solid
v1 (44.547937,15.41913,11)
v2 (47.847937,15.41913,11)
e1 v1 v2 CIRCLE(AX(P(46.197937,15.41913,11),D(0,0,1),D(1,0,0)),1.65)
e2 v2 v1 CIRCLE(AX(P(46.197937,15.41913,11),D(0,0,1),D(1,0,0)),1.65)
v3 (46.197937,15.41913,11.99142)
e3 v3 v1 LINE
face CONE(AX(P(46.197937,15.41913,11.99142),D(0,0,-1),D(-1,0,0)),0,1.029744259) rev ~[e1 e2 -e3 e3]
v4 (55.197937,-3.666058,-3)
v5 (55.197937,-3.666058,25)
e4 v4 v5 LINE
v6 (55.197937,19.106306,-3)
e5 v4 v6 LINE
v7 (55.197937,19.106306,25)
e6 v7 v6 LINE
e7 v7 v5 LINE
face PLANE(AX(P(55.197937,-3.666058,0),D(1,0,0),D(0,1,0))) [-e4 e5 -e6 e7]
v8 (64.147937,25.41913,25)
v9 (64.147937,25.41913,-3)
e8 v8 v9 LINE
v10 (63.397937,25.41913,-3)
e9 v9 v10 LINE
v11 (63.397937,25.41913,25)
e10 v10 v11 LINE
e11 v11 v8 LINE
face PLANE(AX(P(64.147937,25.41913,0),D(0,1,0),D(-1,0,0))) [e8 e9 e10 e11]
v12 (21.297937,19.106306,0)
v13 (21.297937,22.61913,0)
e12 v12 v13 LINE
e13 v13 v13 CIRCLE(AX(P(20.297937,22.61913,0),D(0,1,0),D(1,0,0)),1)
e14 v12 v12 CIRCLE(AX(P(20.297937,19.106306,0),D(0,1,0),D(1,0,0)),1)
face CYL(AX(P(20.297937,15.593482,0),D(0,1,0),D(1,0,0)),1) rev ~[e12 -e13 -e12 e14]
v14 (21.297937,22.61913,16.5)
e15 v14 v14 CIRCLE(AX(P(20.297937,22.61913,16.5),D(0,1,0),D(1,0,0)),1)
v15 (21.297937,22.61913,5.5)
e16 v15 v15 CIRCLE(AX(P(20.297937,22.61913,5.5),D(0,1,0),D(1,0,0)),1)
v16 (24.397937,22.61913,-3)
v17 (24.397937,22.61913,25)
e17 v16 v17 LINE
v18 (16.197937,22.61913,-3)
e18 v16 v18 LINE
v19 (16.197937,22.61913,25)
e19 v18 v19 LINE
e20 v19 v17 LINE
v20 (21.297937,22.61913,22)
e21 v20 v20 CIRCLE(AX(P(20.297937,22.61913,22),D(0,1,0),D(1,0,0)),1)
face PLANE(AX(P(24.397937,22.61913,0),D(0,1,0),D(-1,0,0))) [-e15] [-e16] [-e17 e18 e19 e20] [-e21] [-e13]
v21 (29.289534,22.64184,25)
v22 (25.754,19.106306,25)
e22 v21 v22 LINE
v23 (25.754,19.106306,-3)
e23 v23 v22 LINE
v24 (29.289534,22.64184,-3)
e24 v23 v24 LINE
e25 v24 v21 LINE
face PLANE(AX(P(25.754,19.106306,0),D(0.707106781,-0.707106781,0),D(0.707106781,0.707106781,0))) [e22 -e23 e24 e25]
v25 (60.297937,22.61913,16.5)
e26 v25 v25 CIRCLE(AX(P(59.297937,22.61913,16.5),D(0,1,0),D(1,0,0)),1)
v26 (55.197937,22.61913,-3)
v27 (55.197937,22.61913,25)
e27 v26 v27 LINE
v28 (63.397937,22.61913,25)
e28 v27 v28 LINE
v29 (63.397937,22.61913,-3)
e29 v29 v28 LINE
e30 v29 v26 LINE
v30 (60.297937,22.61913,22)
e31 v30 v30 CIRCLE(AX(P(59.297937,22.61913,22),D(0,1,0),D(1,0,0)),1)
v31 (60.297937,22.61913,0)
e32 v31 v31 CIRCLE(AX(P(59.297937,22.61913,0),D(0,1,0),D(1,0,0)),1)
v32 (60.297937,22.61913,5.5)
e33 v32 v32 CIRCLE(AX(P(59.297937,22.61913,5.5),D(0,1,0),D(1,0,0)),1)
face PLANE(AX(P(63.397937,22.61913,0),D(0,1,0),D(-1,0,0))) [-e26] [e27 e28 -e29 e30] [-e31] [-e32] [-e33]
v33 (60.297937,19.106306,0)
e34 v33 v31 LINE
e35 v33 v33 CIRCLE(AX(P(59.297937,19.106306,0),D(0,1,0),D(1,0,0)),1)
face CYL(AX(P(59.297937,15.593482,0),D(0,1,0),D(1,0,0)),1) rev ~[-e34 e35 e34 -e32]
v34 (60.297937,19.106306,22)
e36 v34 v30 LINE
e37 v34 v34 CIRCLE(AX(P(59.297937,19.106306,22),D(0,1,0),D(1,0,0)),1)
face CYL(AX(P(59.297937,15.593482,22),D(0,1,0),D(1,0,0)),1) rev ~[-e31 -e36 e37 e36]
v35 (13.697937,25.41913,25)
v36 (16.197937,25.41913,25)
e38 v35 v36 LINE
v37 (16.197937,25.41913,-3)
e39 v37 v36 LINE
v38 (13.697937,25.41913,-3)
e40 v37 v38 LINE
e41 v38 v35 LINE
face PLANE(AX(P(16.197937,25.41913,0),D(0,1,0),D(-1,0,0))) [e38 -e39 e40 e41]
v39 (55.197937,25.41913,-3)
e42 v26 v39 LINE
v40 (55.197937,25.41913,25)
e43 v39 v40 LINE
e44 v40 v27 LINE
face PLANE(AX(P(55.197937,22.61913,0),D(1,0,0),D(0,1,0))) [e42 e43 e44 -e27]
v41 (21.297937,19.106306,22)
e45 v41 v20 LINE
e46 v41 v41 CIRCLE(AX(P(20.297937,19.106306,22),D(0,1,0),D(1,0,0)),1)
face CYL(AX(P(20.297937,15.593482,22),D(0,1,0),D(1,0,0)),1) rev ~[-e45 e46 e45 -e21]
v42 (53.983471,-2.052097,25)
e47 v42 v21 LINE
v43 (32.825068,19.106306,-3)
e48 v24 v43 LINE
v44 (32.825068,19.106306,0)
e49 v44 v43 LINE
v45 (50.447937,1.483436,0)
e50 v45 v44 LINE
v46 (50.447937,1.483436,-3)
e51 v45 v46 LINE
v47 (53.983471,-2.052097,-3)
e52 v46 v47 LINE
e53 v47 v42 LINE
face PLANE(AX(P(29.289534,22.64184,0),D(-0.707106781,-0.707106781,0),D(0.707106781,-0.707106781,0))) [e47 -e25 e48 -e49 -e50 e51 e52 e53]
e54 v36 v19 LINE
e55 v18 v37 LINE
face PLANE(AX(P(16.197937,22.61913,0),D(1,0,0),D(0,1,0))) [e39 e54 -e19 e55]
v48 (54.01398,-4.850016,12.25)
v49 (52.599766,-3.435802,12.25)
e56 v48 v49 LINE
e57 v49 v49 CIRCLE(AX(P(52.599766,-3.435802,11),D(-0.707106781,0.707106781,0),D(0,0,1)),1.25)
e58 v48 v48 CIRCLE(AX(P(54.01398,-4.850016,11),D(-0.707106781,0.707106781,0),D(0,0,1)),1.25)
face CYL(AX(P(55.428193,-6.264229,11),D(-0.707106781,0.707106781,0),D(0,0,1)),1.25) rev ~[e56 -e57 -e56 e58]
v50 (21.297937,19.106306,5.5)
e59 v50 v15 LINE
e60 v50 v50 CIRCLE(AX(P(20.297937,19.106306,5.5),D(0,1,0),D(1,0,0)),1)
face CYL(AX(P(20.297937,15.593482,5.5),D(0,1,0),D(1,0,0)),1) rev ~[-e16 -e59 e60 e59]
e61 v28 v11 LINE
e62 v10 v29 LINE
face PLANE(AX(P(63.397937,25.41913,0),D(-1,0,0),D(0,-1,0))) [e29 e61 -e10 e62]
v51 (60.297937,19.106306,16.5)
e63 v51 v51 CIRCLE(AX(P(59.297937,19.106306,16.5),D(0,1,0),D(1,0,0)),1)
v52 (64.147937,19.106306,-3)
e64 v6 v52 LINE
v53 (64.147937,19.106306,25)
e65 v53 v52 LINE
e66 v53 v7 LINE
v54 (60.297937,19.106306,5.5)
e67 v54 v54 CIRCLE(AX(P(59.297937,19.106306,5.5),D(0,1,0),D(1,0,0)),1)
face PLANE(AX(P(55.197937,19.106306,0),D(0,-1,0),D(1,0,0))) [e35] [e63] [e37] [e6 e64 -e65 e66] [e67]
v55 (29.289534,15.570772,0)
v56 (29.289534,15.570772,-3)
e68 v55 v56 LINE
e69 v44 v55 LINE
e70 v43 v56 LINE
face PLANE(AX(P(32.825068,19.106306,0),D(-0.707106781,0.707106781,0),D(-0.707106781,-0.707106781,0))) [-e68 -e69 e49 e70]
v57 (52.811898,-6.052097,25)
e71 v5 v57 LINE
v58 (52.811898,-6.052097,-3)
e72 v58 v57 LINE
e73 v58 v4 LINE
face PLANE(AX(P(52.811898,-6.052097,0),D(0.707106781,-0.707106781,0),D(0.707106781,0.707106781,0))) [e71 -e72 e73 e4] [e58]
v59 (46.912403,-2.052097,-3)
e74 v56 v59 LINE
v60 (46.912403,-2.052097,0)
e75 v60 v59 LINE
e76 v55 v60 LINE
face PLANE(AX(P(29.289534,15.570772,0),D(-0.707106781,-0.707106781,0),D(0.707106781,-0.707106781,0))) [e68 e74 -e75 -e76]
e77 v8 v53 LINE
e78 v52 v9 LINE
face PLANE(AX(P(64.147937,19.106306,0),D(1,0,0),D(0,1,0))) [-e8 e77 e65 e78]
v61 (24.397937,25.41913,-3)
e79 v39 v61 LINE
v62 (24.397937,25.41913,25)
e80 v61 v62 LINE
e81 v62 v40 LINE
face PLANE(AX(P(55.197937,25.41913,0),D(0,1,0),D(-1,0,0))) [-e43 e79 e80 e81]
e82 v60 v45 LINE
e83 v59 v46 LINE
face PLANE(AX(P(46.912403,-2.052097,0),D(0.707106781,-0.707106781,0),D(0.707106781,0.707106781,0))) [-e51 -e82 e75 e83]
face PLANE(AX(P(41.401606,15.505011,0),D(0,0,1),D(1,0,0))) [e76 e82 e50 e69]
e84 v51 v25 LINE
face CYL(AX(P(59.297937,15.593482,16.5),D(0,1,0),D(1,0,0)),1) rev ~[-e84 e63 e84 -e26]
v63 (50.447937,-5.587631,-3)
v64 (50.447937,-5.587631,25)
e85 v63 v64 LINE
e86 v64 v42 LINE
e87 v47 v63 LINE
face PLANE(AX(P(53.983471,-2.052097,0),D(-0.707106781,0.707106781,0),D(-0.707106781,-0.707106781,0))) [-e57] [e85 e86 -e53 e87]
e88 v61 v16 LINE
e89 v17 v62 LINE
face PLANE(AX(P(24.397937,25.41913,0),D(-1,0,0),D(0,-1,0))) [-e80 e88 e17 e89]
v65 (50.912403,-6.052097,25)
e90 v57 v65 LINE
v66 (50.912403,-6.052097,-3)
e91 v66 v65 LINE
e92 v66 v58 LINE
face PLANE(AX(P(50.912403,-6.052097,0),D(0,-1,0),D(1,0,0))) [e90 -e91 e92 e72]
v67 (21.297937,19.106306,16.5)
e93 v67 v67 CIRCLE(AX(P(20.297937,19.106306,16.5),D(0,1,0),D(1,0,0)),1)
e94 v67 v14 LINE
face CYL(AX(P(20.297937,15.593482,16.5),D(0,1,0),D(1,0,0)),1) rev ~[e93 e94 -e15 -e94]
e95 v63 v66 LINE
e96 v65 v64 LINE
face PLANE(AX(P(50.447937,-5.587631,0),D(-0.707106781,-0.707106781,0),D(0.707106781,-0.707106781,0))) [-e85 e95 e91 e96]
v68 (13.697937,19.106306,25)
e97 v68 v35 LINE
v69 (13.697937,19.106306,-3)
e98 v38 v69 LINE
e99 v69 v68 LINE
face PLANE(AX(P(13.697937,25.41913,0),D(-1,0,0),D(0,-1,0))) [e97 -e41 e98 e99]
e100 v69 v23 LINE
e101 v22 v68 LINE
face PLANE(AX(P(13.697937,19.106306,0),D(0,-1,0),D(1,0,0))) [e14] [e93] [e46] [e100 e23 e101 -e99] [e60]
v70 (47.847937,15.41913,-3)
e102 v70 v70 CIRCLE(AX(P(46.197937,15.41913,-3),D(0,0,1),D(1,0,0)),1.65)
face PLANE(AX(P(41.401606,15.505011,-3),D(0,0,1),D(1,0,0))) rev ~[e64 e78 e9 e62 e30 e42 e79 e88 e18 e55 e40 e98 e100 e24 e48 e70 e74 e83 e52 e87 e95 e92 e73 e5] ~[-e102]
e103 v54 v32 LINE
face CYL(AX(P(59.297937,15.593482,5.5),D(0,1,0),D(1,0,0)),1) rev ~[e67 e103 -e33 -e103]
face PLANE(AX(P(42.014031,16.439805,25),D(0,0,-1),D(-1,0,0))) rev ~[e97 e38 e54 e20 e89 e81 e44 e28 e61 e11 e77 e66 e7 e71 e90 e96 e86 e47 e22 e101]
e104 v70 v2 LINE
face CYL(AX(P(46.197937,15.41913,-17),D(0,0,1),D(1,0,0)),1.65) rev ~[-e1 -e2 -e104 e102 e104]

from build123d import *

# Parameters (mm, degrees)
BOSS_EXTRUDE1_DEPTH          = 25
BOSS_EXTRUDE2_DEPTH          = 3
M4X0_7_TAPPED_HOLE1_D        = 3.3
M4X0_7_TAPPED_HOLE1_DEPTH    = 14
M4X0_7_TAPPED_HOLE1_TIP      = 0.991420021
F_2_0_2_DIAMETER_HOLE1_D     = 2
F_2_0_2_DIAMETER_HOLE1_DEPTH = 3.512823811
F_2_0_2_DIAMETER_HOLE2_D     = 2
F_2_0_2_DIAMETER_HOLE2_DEPTH = 3.512823811
M3X0_5_TAPPED_HOLE1_D        = 2.5
M3X0_5_TAPPED_HOLE1_DEPTH    = 2


with BuildPart() as part:
    # Sketch1 → Boss-Extrude1 (new body)
    with BuildSketch(Plane.XY):
        Polygon((13.697937079, 25.419129705), (16.197937079, 25.419129705), (16.197937079, 22.619129705), (24.397937079, 22.619129705), (24.397937079, 25.419129705), (55.197937079, 25.419129705), (55.197937079, 22.619129705), (63.397937079, 22.619129705), (63.397937079, 25.419129705), (64.147937079, 25.419129705), (64.147937079, 19.106305894), (55.197937079, 19.106305894), (55.197937079, -3.66605846), (52.811898109, -6.05209743), (50.912403173, -6.05209743), (50.447937079, -5.587631336), (53.983470985, -2.05209743), (29.289533755, 22.6418398), (25.753999849, 19.106305894), (13.697937079, 19.106305894), align=None)
    extrude(amount=BOSS_EXTRUDE1_DEPTH)

    # Sketch2 → Boss-Extrude2 (add)
    with BuildSketch(Plane(origin=(0, 0, 0), x_dir=(-1, 0, 0), z_dir=(0, 0, -1))):
        Polygon((-64.147937079, 25.419129705), (-63.397937079, 25.419129705), (-63.397937079, 22.619129705), (-55.197937079, 22.619129705), (-55.197937079, 25.419129705), (-24.397937079, 25.419129705), (-24.397937079, 22.619129705), (-16.197937079, 22.619129705), (-16.197937079, 25.419129705), (-13.697937079, 25.419129705), (-13.697937079, 19.106305894), (-25.753999849, 19.106305894), (-29.289533755, 22.6418398), (-32.825067661, 19.106305894), (-29.289533755, 15.570771988), (-46.912403173, -2.05209743), (-50.447937079, 1.483436476), (-53.983470985, -2.05209743), (-50.447937079, -5.587631336), (-50.912403173, -6.05209743), (-52.811898109, -6.05209743), (-55.197937079, -3.66605846), (-55.197937079, 19.106305894), (-64.147937079, 19.106305894), align=None)
    extrude(amount=BOSS_EXTRUDE2_DEPTH)

    # M4x0.7 Tapped Hole1
    with Locations(Plane(origin=(0, 0, -3), x_dir=(-1, 0, 0), z_dir=(0, 0, -1))):
        with Locations((-46.197937079, 15.419129705)):
            Hole(M4X0_7_TAPPED_HOLE1_D / 2, depth=M4X0_7_TAPPED_HOLE1_DEPTH)
            with Locations((0, 0, -(M4X0_7_TAPPED_HOLE1_DEPTH + M4X0_7_TAPPED_HOLE1_TIP / 2))):  # 118° drill point
                Cone(0, M4X0_7_TAPPED_HOLE1_D / 2, M4X0_7_TAPPED_HOLE1_TIP, mode=Mode.SUBTRACT)

    # Ø2.0 (2) Diameter Hole1
    with Locations(Plane(origin=(0, 19.106305894, 0), x_dir=(-1, 0, 0), z_dir=(0, -1, 0))):
        with Locations((-59.297937079, -22), (-59.297937079, -16.5), (-59.297937079, -5.5), (-59.297937079, 0)):
            Hole(F_2_0_2_DIAMETER_HOLE1_D / 2, depth=F_2_0_2_DIAMETER_HOLE1_DEPTH)

    # Ø2.0 (2) Diameter Hole2
    with Locations(Plane(origin=(0, 19.106305894, 0), x_dir=(-1, 0, 0), z_dir=(0, -1, 0))):
        with Locations((-20.297937079, -22), (-20.297937079, -16.5), (-20.297937079, -5.5), (-20.297937079, 0)):
            Hole(F_2_0_2_DIAMETER_HOLE2_D / 2, depth=F_2_0_2_DIAMETER_HOLE2_DEPTH)

    # M3x0.5 Tapped Hole1
    with Locations(Plane(origin=(29.43199777, -29.43199777, 0), x_dir=(0, 0, -1), z_dir=(0.707106781, -0.707106781, 0))):
        with Locations((-11, 34.764172148)):
            Hole(M3X0_5_TAPPED_HOLE1_D / 2, depth=M3X0_5_TAPPED_HOLE1_DEPTH)


solid = part.part
